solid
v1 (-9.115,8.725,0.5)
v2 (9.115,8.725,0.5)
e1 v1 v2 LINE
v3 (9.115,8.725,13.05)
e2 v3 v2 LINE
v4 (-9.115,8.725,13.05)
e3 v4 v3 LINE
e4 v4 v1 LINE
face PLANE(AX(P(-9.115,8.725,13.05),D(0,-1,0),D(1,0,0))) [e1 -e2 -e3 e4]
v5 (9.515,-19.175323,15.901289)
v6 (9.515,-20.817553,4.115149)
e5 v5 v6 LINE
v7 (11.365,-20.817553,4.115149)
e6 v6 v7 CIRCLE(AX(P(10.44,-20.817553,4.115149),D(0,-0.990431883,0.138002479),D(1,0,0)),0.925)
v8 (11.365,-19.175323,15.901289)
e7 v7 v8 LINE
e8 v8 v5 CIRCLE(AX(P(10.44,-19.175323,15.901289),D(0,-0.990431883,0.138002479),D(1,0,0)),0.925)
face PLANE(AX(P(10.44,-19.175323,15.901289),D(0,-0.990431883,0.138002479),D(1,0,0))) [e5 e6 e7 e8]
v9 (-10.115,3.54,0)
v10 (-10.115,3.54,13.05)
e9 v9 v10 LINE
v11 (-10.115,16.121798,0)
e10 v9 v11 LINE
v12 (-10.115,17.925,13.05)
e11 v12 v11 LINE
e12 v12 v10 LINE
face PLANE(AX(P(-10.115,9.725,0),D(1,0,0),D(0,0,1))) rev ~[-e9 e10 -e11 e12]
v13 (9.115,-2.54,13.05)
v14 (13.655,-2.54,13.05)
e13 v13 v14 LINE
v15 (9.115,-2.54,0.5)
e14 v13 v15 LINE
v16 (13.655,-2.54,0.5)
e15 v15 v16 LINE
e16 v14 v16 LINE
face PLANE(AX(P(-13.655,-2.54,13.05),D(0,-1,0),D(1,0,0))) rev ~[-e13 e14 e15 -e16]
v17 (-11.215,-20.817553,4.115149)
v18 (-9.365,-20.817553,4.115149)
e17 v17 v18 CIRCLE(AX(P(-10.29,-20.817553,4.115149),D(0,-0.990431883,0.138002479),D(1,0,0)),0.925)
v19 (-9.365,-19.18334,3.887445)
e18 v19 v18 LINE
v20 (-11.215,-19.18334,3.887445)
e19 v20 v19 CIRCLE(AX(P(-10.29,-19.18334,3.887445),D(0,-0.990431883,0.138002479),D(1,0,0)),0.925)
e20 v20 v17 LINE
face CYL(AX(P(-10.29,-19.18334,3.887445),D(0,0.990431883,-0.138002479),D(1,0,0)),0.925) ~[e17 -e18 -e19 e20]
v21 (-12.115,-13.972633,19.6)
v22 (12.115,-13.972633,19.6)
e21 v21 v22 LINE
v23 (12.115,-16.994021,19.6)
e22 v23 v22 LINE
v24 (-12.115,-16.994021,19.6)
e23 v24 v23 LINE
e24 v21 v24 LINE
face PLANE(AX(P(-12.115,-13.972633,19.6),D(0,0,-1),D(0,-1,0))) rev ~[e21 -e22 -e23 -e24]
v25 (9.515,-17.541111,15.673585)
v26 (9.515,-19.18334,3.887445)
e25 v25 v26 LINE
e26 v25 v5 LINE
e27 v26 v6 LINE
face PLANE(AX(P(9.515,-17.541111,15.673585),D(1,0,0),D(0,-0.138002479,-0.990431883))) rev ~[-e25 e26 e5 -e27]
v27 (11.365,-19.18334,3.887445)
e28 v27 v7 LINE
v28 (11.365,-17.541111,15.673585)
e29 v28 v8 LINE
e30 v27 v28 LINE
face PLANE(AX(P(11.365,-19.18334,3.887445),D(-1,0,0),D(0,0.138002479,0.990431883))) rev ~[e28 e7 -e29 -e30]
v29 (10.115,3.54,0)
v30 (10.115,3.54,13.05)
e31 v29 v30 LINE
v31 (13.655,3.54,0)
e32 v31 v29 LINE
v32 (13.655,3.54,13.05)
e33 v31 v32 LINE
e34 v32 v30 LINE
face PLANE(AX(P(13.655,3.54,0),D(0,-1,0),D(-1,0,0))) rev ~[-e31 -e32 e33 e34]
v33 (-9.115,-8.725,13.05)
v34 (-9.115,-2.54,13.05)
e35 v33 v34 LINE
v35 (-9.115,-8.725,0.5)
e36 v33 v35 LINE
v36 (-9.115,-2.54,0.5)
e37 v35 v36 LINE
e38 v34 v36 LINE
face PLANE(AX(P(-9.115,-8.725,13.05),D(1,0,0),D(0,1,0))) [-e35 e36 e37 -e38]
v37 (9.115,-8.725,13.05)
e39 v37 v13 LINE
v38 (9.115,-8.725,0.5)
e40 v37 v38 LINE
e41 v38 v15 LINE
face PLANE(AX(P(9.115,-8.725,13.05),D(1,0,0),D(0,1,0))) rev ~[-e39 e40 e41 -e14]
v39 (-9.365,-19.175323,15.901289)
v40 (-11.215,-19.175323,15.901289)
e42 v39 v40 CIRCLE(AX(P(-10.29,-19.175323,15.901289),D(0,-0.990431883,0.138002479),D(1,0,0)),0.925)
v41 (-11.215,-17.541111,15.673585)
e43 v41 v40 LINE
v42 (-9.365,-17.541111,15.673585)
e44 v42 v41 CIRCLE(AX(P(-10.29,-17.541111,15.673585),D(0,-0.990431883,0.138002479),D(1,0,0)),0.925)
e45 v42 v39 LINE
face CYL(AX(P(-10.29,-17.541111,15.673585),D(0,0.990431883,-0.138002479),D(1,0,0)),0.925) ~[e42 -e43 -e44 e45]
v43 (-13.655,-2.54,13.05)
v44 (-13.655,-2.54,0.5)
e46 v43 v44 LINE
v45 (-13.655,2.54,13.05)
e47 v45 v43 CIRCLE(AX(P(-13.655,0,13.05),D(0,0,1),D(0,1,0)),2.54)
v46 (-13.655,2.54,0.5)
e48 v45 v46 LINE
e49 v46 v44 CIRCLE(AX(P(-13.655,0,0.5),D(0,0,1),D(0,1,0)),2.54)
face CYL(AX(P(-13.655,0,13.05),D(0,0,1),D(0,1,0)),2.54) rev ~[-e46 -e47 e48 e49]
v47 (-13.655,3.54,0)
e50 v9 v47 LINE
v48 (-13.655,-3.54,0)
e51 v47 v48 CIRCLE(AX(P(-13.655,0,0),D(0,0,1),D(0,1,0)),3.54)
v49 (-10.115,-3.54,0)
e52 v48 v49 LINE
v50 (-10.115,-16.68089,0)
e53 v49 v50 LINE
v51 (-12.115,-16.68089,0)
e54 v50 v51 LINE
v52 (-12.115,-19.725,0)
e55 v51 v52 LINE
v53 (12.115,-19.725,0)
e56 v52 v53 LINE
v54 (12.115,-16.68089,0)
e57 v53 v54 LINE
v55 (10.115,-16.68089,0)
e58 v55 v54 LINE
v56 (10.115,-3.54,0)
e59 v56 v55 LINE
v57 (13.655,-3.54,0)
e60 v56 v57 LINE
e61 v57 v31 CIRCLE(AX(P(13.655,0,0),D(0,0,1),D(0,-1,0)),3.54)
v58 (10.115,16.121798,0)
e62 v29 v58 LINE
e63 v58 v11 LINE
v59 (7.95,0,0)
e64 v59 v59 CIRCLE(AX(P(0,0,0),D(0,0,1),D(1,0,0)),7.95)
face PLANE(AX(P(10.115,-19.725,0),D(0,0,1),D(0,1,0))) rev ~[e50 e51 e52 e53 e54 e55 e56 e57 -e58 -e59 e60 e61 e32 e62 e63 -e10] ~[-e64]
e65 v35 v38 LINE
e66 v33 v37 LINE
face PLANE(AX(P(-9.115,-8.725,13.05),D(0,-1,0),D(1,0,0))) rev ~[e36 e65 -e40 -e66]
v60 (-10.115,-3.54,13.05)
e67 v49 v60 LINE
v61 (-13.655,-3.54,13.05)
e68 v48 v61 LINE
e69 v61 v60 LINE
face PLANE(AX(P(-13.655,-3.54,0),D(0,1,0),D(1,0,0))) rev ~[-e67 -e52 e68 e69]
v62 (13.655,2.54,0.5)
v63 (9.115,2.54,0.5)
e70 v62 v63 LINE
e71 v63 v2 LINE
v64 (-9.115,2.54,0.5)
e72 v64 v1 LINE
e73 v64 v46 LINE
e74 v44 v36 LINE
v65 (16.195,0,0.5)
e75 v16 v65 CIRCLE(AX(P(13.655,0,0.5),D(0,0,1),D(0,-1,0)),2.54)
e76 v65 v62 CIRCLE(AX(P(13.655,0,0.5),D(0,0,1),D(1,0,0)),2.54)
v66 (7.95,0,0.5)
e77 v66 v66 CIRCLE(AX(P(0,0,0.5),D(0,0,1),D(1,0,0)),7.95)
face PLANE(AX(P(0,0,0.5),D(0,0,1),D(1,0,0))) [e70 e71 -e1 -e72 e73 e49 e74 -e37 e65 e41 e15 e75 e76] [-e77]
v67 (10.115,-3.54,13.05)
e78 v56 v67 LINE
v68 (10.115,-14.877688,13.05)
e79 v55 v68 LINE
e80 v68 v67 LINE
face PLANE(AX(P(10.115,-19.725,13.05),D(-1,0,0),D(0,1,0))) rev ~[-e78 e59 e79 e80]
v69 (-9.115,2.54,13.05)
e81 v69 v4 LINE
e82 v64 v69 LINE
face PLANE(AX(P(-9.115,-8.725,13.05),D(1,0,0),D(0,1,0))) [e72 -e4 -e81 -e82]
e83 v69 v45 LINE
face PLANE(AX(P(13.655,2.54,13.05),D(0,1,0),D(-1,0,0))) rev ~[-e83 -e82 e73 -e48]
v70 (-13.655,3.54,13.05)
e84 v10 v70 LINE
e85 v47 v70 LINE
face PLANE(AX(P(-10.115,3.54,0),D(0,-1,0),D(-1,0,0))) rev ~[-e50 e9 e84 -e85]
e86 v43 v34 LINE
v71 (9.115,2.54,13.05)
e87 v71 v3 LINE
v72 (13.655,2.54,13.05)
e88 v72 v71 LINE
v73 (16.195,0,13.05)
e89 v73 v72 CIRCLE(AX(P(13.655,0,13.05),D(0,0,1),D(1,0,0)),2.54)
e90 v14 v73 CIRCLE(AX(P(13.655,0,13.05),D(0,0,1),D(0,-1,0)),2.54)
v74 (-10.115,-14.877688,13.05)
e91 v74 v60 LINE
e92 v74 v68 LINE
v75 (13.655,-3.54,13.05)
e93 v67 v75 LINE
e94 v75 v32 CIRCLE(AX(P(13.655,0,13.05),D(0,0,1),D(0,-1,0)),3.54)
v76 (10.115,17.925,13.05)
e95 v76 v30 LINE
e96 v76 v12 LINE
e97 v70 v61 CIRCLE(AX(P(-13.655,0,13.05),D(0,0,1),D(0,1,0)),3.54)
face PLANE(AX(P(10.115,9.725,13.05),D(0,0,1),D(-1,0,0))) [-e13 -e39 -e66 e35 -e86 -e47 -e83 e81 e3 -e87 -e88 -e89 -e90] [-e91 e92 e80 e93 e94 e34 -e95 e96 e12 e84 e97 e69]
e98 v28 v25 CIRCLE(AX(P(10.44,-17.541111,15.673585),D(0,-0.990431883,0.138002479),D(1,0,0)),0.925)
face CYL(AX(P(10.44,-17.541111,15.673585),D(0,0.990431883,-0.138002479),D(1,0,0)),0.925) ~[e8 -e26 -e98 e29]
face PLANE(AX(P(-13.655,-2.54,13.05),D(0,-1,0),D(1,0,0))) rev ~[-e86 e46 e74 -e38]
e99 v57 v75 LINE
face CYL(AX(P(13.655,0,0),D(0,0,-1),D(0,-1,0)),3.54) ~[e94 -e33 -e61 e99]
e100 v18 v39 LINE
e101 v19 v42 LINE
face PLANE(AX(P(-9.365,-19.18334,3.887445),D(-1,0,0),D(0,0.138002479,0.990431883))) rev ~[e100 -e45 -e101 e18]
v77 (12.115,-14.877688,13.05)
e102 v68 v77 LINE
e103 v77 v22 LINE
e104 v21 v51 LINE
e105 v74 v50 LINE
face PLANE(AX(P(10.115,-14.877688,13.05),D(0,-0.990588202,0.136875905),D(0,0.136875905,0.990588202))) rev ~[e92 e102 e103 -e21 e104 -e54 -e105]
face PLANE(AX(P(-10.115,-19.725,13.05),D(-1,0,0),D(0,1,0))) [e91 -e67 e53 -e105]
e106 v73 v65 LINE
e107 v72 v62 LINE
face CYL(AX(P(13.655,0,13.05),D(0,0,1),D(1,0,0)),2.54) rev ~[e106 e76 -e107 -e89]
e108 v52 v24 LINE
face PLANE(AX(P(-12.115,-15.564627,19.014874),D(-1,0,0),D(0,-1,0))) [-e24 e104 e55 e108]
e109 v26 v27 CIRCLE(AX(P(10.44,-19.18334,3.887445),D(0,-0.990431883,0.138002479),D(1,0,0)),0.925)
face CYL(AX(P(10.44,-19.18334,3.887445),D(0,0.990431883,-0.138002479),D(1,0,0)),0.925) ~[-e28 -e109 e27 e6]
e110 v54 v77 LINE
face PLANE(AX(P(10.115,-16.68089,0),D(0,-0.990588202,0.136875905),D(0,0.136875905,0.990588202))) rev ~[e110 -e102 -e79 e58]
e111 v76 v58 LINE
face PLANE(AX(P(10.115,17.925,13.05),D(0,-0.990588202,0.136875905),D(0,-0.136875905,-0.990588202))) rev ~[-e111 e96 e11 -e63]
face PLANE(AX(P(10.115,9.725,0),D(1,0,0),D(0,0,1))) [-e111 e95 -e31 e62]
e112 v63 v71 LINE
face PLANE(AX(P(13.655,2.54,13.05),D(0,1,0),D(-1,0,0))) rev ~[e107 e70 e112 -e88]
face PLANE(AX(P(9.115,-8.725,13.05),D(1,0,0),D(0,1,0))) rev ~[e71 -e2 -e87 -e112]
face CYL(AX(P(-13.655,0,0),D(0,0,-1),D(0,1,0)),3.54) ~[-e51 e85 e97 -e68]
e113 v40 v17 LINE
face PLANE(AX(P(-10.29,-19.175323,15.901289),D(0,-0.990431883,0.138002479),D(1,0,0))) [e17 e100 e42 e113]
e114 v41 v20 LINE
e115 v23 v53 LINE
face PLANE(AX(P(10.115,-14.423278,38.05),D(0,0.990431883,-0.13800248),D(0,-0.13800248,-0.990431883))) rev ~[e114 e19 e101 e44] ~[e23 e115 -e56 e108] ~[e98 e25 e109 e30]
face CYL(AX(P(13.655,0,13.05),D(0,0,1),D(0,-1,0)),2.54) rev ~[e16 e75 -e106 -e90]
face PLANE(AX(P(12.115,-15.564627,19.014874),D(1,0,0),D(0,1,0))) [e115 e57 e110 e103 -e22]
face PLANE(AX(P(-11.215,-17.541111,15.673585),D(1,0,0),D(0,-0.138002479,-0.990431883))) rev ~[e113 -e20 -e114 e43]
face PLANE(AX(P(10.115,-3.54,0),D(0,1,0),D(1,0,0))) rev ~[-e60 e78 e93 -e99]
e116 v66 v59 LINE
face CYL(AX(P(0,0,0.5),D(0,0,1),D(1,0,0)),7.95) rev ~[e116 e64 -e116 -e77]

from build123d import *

# Parameters (mm, degrees)
F0_W      = 20.23
F0_H      = 6.185
F1_DEPTH  = 13.05
F2_W      = 18.23
F2_H      = 17.45
F3_DEPTH  = 12.55
F5_DEPTH  = 12.55
F6_R      = 7.95
F7_DEPTH  = 0.501
F8_W      = 20.23
F8_H      = 13.05
F9_DEPTH  = 10
F10_W     = 20.23
F10_H     = 9.9667743579
F11_DEPTH = 25
F13_DEPTH = 27.311
F15_DEPTH = 27.311
F17_W     = 20.23
F17_H     = 13.05
F18_DEPTH = 8.2
F20_DEPTH = 25
F22_DEPTH = 2
F23_DEPTH = 2
F25_DEPTH = 29.311
F27_DEPTH = 1.65


with BuildPart() as f1:
    # F0 (on Top) → F1 (new body)
    with BuildSketch(Plane.XY):
        with Locations((0, -6.6325)):
            Rectangle(F0_W, F0_H)
        Polygon((-10.115, -3.54), (10.115, -3.54), (10.115, 0), (10.115, 3.54), (-10.115, 3.54), (-10.115, 0), align=None)
        with BuildLine():
            Line((10.115, 0), (10.115, -3.54))
            Line((10.115, -3.54), (13.655, -3.54))
            ThreePointArc((13.655, -3.54), (11.1518419946, -2.5031580054), (10.115, 0))
        make_face()
        with BuildLine():
            Line((-13.655, -3.54), (-10.115, -3.54))
            Line((-10.115, -3.54), (-10.115, 0))
            ThreePointArc((-10.115, 0), (-11.1518419946, -2.5031580054), (-13.655, -3.54))
        make_face()
        with BuildLine():
            Line((10.115, 3.54), (10.115, 0))
            ThreePointArc((10.115, 0), (11.1518419946, 2.5031580054), (13.655, 3.54))
            Line((13.655, 3.54), (10.115, 3.54))
        make_face()
        with BuildLine():
            ThreePointArc((13.655, 3.54), (11.1518419946, 2.5031580054), (10.115, 0))
            ThreePointArc((10.115, 0), (11.1518419946, -2.5031580054), (13.655, -3.54))
            Line((13.655, -3.54), (13.655, 3.54))
        make_face()
        with BuildLine():
            Line((13.655, 3.54), (13.655, -3.54))
            ThreePointArc((13.655, -3.54), (16.1581580054, -2.5031580054), (17.195, 0))
            ThreePointArc((17.195, 0), (16.1581580054, 2.5031580054), (13.655, 3.54))
        make_face()
        with BuildLine():
            ThreePointArc((-13.655, 3.54), (-11.1518419946, 2.5031580054), (-10.115, 0))
            Line((-10.115, 0), (-10.115, 3.54))
            Line((-10.115, 3.54), (-13.655, 3.54))
        make_face()
        with BuildLine():
            ThreePointArc((-13.655, -3.54), (-11.1518419946, -2.5031580054), (-10.115, 0))
            ThreePointArc((-10.115, 0), (-11.1518419946, 2.5031580054), (-13.655, 3.54))
            Line((-13.655, 3.54), (-13.655, -3.54))
        make_face()
        with BuildLine():
            ThreePointArc((-13.655, 3.54), (-17.195, 0), (-13.655, -3.54))
            Line((-13.655, -3.54), (-13.655, 3.54))
        make_face()
        with Locations((0, 6.6325)):
            Rectangle(F0_W, F0_H)
    extrude(amount=F1_DEPTH)

    # F2 (on face) → F3 (cut)
    with BuildSketch(Plane.XY.offset(13.05)):
        Rectangle(F2_W, F2_H)
    extrude(amount=-F3_DEPTH, mode=Mode.SUBTRACT)

    # F4 (on face) → F5 (cut)
    with BuildSketch(Plane.XY.offset(13.05)):
        with BuildLine():
            ThreePointArc((-13.655, -2.54), (-11.8589487758, -1.7960512242), (-11.115, 0))
            ThreePointArc((-11.115, 0), (-11.8589487758, 1.7960512242), (-13.655, 2.54))
            Line((-13.655, 2.54), (-13.655, -2.54))
        make_face()
        with BuildLine():
            ThreePointArc((-13.655, 2.54), (-11.8589487758, 1.7960512242), (-11.115, 0))
            ThreePointArc((-11.115, 0), (-11.8589487758, -1.7960512242), (-13.655, -2.54))
            Line((-13.655, -2.54), (13.655, -2.54))
            ThreePointArc((13.655, -2.54), (11.115, 0), (13.655, 2.54))
            Line((13.655, 2.54), (-13.655, 2.54))
        make_face()
        with BuildLine():
            Line((-13.655, -2.54), (-13.655, 2.54))
            ThreePointArc((-13.655, 2.54), (-16.195, 0), (-13.655, -2.54))
        make_face()
        with BuildLine():
            Line((13.655, -2.54), (13.655, 2.54))
            ThreePointArc((13.655, 2.54), (11.115, 0), (13.655, -2.54))
        make_face()
        with BuildLine():
            ThreePointArc((16.195, 0), (15.4510512242, 1.7960512242), (13.655, 2.54))
            Line((13.655, 2.54), (13.655, -2.54))
            ThreePointArc((13.655, -2.54), (15.4510512242, -1.7960512242), (16.195, 0))
        make_face()
    extrude(amount=-F5_DEPTH, mode=Mode.SUBTRACT)

    # F6 (on face) → F7 (cut, through all)
    with BuildSketch(Plane.XY.offset(0.5)):
        Circle(F6_R)
    extrude(amount=-F7_DEPTH, mode=Mode.SUBTRACT)

    # F8 (on face) → F9 (join)
    with BuildSketch(Plane.XZ.offset(9.725)):
        with Locations((0, 6.525)):
            Rectangle(F8_W, F8_H)
    extrude(amount=F9_DEPTH)

    # F10 (on face) → F11 (join)
    with BuildSketch(Plane.XY.offset(13.05)):
        with Locations((0, -14.7416128211)):
            Rectangle(F10_W, F10_H)
    extrude(amount=F11_DEPTH)

    # F12 (on face) → F13 (cut, through all)
    with BuildSketch(Plane(origin=(-10.115, 0, 0), x_dir=(0, -1, 0), z_dir=(-1, 0, 0))):
        Polygon((19.725, 38.05), (14.4232781604, 38.05), (19.725, 0), align=None)
    extrude(amount=-F13_DEPTH, mode=Mode.SUBTRACT)

    # F14 (on face) → F15 (cut, through all)
    with BuildSketch(Plane(origin=(-10.115, 0, 0), x_dir=(0, -1, 0), z_dir=(-1, 0, 0))):
        Polygon((9.7582256421, 13.05), (14.8776879954, 13.05), (11.4232781604, 38.05), (9.7582256421, 38.05), align=None)
    extrude(amount=-F15_DEPTH, mode=Mode.SUBTRACT)

    # F17 (on face) → F18 (join)
    with BuildSketch(Plane(origin=(0, 9.725, 0), x_dir=(-1, 0, 0), z_dir=(0, 1, 0))):
        with Locations((0, 6.525)):
            Rectangle(F17_W, F17_H)
    extrude(amount=F18_DEPTH)

    # F19 (on face) → F20 (cut)
    with BuildSketch(Plane.YZ.offset(10.115)):
        Polygon((17.925, 0), (17.925, 13.05), (16.1217980661, 0), align=None)
    extrude(amount=-F20_DEPTH, mode=Mode.SUBTRACT)

    # F21 (on face) → F22 (join)
    with BuildSketch(Plane(origin=(-10.115, 0, 0), x_dir=(0, -1, 0), z_dir=(-1, 0, 0))):
        Polygon((19.725, 0), (14.4232781604, 38.05), (11.4232781604, 38.05), (16.6808899293, 0), align=None)
    extrude(amount=F22_DEPTH)

    # F16 (on face) → F23 (join)
    with BuildSketch(Plane.YZ.offset(10.115)):
        Polygon((-11.4232781604, 38.05), (-14.4232781604, 38.05), (-19.725, 0), (-16.6808899293, 0), (-14.8776879954, 13.05), align=None)
    extrude(amount=F23_DEPTH)

    # F24 (on face) → F25 (cut, through all)
    with BuildSketch(Plane(origin=(-12.115, 0, 0), x_dir=(0, -1, 0), z_dir=(-1, 0, 0))):
        Polygon((11.4232781604, 38.05), (13.9726326186, 19.6), (16.9940210761, 19.6), (14.4232781604, 38.05), align=None)
    extrude(amount=-F25_DEPTH, mode=Mode.SUBTRACT)

    # F26 (on face) → F27 (join)
    with BuildSketch(Plane(origin=(0, -19.349343601, 2.6960535493), x_dir=(1, 0, 0), z_dir=(0, -0.9904318834, 0.1380024795))):
        with BuildLine():
            ThreePointArc((-11.215, 13.1029010909), (-10.29, 12.1779010909), (-9.365, 13.1029010909))
            ThreePointArc((-9.365, 13.1029010909), (-10.29, 14.0279010909), (-11.215, 13.1029010909))
        make_face()
        with BuildLine():
            Line((-9.365, 1.2029010909), (-9.365, 13.1029010909))
            ThreePointArc((-9.365, 13.1029010909), (-10.29, 12.1779010909), (-11.215, 13.1029010909))
            Line((-11.215, 13.1029010909), (-11.215, 1.2029010909))
            ThreePointArc((-11.215, 1.2029010909), (-10.29, 2.1279010909), (-9.365, 1.2029010909))
        make_face()
        with BuildLine():
            ThreePointArc((-11.215, 1.2029010909), (-10.29, 0.2779010909), (-9.365, 1.2029010909))
            ThreePointArc((-9.365, 1.2029010909), (-10.29, 2.1279010909), (-11.215, 1.2029010909))
        make_face()
        with BuildLine():
            ThreePointArc((9.515, 13.1029010909), (10.44, 12.1779010909), (11.365, 13.1029010909))
            ThreePointArc((11.365, 13.1029010909), (10.44, 14.0279010909), (9.515, 13.1029010909))
        make_face()
        with BuildLine():
            Line((11.365, 1.2029010909), (11.365, 13.1029010909))
            ThreePointArc((11.365, 13.1029010909), (10.44, 12.1779010909), (9.515, 13.1029010909))
            Line((9.515, 13.1029010909), (9.515, 1.2029010909))
            ThreePointArc((9.515, 1.2029010909), (10.44, 2.1279010909), (11.365, 1.2029010909))
        make_face()
        with BuildLine():
            ThreePointArc((9.515, 1.2029010909), (10.44, 0.2779010909), (11.365, 1.2029010909))
            ThreePointArc((11.365, 1.2029010909), (10.44, 2.1279010909), (9.515, 1.2029010909))
        make_face()
    extrude(amount=F27_DEPTH)


solid = f1.part
